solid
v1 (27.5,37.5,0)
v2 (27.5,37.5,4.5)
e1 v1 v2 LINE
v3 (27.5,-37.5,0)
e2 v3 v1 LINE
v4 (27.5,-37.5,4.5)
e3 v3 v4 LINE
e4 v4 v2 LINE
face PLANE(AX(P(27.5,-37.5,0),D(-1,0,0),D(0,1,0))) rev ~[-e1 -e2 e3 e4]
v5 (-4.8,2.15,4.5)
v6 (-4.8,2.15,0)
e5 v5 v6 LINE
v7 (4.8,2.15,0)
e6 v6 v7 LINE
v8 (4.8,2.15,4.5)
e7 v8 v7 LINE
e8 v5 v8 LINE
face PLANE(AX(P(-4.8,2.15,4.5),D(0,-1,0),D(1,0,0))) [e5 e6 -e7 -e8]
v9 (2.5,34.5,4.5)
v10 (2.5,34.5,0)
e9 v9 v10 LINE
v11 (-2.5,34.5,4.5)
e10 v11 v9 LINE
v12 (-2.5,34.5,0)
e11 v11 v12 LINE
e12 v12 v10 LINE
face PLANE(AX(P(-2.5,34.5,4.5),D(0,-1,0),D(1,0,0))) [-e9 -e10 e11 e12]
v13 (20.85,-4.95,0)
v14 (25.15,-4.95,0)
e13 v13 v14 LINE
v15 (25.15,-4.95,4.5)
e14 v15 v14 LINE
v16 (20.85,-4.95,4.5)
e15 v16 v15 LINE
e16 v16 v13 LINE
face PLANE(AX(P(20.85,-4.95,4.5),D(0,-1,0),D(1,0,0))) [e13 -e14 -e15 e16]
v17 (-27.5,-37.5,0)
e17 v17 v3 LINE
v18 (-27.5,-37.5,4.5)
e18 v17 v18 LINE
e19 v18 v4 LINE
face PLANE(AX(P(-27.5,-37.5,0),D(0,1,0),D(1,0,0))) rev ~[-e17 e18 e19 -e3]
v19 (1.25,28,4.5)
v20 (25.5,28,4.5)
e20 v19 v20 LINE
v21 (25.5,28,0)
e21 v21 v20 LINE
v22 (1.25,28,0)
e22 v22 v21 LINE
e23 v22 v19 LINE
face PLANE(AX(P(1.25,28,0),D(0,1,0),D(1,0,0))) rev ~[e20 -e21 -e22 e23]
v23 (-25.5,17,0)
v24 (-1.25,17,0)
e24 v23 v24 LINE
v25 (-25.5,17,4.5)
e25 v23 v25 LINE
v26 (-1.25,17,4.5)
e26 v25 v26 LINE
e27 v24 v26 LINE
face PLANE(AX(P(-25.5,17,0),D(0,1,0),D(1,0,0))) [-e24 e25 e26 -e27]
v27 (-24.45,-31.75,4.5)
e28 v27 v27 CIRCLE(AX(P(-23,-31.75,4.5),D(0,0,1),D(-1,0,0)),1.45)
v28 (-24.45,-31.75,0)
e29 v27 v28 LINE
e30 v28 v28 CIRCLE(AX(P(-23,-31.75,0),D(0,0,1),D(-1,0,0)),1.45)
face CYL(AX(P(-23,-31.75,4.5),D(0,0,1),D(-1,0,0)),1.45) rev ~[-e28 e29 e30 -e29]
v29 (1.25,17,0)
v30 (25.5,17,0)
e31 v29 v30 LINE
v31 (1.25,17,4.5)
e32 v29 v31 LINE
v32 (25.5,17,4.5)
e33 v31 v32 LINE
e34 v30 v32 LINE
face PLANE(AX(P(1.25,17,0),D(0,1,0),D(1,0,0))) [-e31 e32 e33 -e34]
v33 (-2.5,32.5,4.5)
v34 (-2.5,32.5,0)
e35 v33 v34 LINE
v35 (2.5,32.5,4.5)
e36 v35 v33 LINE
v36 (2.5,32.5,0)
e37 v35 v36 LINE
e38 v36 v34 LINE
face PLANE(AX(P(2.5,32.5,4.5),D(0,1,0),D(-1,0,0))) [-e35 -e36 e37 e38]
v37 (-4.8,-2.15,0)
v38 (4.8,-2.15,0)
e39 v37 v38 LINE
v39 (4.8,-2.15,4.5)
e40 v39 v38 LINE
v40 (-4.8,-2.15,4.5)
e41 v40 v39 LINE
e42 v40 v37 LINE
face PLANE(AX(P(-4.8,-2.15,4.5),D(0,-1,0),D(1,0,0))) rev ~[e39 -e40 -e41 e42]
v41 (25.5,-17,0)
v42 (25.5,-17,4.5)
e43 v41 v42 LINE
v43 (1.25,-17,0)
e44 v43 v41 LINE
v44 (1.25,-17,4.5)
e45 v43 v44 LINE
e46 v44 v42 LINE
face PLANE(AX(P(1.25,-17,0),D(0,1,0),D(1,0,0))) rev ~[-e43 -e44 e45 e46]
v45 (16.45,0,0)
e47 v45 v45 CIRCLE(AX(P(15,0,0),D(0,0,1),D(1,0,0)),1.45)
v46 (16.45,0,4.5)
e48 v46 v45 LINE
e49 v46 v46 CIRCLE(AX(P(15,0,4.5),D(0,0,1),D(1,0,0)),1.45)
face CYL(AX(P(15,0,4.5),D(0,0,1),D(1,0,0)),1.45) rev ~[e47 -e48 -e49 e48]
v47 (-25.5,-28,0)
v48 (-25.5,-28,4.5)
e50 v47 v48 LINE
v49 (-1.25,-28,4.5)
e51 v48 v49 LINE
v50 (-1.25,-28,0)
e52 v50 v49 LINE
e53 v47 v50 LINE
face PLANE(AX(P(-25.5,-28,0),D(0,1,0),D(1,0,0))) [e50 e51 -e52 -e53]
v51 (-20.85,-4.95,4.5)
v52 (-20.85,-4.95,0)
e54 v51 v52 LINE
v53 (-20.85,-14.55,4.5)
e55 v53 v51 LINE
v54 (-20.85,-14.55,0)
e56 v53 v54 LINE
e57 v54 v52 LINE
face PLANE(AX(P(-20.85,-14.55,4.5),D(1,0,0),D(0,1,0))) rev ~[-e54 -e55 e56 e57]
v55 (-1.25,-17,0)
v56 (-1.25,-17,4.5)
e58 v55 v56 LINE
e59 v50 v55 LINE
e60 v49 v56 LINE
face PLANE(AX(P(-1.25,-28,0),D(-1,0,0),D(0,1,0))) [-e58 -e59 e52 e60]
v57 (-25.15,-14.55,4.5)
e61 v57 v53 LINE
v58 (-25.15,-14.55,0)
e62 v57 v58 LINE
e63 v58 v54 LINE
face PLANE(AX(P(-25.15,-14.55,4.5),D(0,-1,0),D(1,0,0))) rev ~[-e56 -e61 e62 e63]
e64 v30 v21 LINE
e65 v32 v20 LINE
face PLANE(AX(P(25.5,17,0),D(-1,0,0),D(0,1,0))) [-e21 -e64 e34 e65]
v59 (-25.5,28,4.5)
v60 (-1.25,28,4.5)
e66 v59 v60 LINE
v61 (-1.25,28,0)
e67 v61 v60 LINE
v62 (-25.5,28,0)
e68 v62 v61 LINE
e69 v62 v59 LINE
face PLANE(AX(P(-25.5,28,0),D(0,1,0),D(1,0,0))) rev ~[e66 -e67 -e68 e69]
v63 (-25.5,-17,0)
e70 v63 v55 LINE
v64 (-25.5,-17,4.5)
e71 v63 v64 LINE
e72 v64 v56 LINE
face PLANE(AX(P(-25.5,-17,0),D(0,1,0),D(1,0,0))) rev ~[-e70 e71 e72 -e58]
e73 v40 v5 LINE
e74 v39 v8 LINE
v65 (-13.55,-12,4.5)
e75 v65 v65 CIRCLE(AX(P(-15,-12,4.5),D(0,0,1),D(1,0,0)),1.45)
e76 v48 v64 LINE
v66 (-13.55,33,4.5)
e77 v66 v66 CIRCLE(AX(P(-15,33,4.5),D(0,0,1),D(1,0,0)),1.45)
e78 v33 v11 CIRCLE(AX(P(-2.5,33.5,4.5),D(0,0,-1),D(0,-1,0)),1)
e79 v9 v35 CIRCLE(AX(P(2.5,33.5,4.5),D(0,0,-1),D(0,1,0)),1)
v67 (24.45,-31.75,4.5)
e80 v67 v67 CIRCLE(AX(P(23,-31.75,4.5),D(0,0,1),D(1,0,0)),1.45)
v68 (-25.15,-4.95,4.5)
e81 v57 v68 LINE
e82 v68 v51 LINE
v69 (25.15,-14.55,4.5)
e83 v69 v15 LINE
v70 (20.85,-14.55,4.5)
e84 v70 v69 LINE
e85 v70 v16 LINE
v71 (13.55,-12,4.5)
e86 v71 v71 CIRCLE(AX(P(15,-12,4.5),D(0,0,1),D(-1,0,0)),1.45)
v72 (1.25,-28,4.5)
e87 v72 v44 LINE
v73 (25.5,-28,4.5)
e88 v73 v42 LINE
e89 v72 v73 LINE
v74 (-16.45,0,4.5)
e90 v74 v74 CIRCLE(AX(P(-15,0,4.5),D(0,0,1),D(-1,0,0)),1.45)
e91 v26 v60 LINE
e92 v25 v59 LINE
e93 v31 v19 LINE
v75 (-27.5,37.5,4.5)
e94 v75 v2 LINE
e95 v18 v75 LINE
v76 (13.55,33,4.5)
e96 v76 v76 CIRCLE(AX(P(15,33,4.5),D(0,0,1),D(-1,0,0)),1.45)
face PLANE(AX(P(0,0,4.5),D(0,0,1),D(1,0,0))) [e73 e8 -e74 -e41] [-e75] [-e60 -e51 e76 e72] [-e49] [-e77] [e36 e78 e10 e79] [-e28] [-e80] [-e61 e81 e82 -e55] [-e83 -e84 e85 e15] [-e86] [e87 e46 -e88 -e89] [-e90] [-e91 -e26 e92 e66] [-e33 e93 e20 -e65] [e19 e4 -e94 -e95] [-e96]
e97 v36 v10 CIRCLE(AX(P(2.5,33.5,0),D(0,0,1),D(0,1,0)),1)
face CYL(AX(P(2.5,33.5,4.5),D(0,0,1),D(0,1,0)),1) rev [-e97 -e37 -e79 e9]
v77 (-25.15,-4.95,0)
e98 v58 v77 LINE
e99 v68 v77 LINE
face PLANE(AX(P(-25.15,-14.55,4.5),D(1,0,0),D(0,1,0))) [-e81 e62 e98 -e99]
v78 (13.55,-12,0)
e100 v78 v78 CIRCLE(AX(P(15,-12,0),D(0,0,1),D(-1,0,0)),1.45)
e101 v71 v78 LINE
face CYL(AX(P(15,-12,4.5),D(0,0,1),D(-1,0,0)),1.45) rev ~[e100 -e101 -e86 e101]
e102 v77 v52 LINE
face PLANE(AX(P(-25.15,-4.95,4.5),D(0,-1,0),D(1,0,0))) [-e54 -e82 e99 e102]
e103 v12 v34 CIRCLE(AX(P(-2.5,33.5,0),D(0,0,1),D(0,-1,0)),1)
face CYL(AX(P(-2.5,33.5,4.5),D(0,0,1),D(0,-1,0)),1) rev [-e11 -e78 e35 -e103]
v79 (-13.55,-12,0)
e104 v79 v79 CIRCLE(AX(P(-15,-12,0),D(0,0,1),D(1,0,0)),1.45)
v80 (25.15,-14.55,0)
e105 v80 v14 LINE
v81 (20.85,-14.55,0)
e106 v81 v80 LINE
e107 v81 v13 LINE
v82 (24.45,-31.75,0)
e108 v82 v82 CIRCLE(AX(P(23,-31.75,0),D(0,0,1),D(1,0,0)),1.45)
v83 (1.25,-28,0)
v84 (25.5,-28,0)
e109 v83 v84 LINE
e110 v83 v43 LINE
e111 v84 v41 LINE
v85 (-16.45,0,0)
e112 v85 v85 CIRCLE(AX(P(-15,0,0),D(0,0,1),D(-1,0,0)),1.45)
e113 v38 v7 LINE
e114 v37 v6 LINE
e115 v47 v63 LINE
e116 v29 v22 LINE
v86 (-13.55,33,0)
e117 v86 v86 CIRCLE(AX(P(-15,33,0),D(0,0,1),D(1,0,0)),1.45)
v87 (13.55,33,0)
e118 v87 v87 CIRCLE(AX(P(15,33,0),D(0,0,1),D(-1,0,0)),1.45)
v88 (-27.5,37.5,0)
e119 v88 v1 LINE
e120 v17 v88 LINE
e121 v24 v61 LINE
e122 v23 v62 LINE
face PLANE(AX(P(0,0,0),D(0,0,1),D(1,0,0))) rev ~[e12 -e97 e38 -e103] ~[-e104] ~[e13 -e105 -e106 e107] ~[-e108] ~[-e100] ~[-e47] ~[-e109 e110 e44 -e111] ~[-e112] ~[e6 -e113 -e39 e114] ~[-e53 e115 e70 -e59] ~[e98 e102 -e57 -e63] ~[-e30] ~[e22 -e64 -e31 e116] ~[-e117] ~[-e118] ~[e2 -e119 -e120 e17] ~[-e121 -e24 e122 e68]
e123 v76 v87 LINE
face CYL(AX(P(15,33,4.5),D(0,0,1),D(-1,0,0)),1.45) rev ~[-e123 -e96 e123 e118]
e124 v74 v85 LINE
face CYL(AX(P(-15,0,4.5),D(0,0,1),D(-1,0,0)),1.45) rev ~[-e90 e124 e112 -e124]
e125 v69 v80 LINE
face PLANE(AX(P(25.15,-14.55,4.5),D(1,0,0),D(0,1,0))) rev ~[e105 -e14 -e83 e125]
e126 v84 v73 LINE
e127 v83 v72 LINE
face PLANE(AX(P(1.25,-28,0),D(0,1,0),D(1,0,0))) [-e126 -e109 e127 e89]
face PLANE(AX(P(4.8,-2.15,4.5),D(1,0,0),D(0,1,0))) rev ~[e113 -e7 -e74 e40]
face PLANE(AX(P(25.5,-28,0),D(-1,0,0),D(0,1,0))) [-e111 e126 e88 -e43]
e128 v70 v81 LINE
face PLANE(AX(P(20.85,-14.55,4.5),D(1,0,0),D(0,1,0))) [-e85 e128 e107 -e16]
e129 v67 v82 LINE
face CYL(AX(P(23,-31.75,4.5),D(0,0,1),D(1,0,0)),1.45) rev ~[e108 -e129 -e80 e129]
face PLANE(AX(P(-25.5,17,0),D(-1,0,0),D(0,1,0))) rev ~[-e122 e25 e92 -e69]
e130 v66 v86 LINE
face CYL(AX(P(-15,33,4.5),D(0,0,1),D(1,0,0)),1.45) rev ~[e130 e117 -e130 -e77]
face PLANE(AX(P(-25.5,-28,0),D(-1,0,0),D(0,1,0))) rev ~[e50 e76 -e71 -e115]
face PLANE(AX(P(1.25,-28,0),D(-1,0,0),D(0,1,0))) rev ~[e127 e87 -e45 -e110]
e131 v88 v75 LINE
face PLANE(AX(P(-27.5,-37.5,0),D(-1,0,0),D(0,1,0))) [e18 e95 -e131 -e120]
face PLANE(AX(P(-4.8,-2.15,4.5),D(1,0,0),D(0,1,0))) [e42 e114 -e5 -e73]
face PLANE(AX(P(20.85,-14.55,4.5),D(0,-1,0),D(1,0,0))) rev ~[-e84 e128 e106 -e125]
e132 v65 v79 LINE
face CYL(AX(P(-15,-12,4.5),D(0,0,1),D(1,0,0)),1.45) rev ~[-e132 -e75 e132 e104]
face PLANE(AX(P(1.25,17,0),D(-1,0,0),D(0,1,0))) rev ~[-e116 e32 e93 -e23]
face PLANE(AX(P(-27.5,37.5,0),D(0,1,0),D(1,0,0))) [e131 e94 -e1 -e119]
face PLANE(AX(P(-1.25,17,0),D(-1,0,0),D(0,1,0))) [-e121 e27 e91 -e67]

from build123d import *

# Parameters (mm, degrees)
SKETCH1_W                 = 55
SKETCH1_H                 = 75
SKETCH1_W_2               = 24.25
SKETCH1_H_2               = 11
BOSS_EXTRUDE1_DEPTH       = 4.5
SKETCH2_R                 = 1.45
SCREWHOLES_DEPTH          = 47.719910103
SKETCH4_W                 = 9.6
SKETCH4_H                 = 4.3
MOUNTINGPLATETAB_DEPTH    = 47.719910103
SKETCH5_R                 = 1.45
SKETCH5_W                 = 4.3
SKETCH5_H                 = 9.6
BRACETABS_DEPTH           = 47.719910103
SKETCH8_R                 = 1.45
EXPANSIONSCREWHOLES_DEPTH = 47.719910103
CABLETIESLOT_DEPTH        = 47.719910103


with BuildPart() as part:
    # Sketch1 → Boss-Extrude1 (new body)
    with BuildSketch(Plane.XY):
        Rectangle(SKETCH1_W, SKETCH1_H)
        with Locations((-13.375, 22.5)):
            Rectangle(SKETCH1_W_2, SKETCH1_H_2, mode=Mode.SUBTRACT)
        with Locations((13.375, 22.5)):
            Rectangle(SKETCH1_W_2, SKETCH1_H_2, mode=Mode.SUBTRACT)
        with Locations((13.375, -22.5)):
            Rectangle(SKETCH1_W_2, SKETCH1_H_2, mode=Mode.SUBTRACT)
        with Locations((-13.375, -22.5)):
            Rectangle(SKETCH1_W_2, SKETCH1_H_2, mode=Mode.SUBTRACT)
    extrude(amount=BOSS_EXTRUDE1_DEPTH)

    # Sketch2 → screwHoles (cut, through all)
    with BuildSketch(Plane.XY.offset(4.5)):
        with Locations((-15, 33)):
            Circle(SKETCH2_R)
        with Locations(Location((15, 33, 0), (0, 0, 180))):
            Circle(SKETCH2_R)
        with Locations((15, 0)):
            Circle(SKETCH2_R)
        with Locations(Location((-15, 0, 0), (0, 0, 180))):
            Circle(SKETCH2_R)
    extrude(amount=-SCREWHOLES_DEPTH, mode=Mode.SUBTRACT)

    # Sketch4 → mountingPlateTab (cut, through all)
    with BuildSketch(Plane.XY.offset(4.5)):
        Rectangle(SKETCH4_W, SKETCH4_H)
    extrude(amount=-MOUNTINGPLATETAB_DEPTH, mode=Mode.SUBTRACT)

    # Sketch5 → BraceTabs (cut, through all)
    with BuildSketch(Plane.XY.offset(4.5)):
        with Locations((23, -31.75)):
            Circle(SKETCH5_R)
        with Locations(Location((-23, -31.75, 0), (0, 0, 180))):
            Circle(SKETCH5_R)
        with Locations((23, -9.75)):
            Rectangle(SKETCH5_W, SKETCH5_H)
        with Locations((-23, -9.75)):
            Rectangle(SKETCH5_W, SKETCH5_H)
    extrude(amount=-BRACETABS_DEPTH, mode=Mode.SUBTRACT)

    # Sketch8 → ExpansionScrewholes (cut, through all)
    with BuildSketch(Plane.XY.offset(4.5)):
        with Locations((-15, -12)):
            Circle(SKETCH8_R)
        with Locations(Location((15, -12, 0), (0, 0, 180))):
            Circle(SKETCH8_R)
    extrude(amount=-EXPANSIONSCREWHOLES_DEPTH, mode=Mode.SUBTRACT)

    # Sketch12 → CableTieSlot (cut, through all)
    with BuildSketch(Plane.XY.offset(4.5)):
        with BuildLine():
            Line((-2.5, 34.5), (2.5, 34.5))
            ThreePointArc((2.5, 34.5), (3.5, 33.5), (2.5, 32.5))
            Line((2.5, 32.5), (-2.5, 32.5))
            ThreePointArc((-2.5, 32.5), (-3.5, 33.5), (-2.5, 34.5))
        make_face()
    extrude(amount=-CABLETIESLOT_DEPTH, mode=Mode.SUBTRACT)


solid = part.part
